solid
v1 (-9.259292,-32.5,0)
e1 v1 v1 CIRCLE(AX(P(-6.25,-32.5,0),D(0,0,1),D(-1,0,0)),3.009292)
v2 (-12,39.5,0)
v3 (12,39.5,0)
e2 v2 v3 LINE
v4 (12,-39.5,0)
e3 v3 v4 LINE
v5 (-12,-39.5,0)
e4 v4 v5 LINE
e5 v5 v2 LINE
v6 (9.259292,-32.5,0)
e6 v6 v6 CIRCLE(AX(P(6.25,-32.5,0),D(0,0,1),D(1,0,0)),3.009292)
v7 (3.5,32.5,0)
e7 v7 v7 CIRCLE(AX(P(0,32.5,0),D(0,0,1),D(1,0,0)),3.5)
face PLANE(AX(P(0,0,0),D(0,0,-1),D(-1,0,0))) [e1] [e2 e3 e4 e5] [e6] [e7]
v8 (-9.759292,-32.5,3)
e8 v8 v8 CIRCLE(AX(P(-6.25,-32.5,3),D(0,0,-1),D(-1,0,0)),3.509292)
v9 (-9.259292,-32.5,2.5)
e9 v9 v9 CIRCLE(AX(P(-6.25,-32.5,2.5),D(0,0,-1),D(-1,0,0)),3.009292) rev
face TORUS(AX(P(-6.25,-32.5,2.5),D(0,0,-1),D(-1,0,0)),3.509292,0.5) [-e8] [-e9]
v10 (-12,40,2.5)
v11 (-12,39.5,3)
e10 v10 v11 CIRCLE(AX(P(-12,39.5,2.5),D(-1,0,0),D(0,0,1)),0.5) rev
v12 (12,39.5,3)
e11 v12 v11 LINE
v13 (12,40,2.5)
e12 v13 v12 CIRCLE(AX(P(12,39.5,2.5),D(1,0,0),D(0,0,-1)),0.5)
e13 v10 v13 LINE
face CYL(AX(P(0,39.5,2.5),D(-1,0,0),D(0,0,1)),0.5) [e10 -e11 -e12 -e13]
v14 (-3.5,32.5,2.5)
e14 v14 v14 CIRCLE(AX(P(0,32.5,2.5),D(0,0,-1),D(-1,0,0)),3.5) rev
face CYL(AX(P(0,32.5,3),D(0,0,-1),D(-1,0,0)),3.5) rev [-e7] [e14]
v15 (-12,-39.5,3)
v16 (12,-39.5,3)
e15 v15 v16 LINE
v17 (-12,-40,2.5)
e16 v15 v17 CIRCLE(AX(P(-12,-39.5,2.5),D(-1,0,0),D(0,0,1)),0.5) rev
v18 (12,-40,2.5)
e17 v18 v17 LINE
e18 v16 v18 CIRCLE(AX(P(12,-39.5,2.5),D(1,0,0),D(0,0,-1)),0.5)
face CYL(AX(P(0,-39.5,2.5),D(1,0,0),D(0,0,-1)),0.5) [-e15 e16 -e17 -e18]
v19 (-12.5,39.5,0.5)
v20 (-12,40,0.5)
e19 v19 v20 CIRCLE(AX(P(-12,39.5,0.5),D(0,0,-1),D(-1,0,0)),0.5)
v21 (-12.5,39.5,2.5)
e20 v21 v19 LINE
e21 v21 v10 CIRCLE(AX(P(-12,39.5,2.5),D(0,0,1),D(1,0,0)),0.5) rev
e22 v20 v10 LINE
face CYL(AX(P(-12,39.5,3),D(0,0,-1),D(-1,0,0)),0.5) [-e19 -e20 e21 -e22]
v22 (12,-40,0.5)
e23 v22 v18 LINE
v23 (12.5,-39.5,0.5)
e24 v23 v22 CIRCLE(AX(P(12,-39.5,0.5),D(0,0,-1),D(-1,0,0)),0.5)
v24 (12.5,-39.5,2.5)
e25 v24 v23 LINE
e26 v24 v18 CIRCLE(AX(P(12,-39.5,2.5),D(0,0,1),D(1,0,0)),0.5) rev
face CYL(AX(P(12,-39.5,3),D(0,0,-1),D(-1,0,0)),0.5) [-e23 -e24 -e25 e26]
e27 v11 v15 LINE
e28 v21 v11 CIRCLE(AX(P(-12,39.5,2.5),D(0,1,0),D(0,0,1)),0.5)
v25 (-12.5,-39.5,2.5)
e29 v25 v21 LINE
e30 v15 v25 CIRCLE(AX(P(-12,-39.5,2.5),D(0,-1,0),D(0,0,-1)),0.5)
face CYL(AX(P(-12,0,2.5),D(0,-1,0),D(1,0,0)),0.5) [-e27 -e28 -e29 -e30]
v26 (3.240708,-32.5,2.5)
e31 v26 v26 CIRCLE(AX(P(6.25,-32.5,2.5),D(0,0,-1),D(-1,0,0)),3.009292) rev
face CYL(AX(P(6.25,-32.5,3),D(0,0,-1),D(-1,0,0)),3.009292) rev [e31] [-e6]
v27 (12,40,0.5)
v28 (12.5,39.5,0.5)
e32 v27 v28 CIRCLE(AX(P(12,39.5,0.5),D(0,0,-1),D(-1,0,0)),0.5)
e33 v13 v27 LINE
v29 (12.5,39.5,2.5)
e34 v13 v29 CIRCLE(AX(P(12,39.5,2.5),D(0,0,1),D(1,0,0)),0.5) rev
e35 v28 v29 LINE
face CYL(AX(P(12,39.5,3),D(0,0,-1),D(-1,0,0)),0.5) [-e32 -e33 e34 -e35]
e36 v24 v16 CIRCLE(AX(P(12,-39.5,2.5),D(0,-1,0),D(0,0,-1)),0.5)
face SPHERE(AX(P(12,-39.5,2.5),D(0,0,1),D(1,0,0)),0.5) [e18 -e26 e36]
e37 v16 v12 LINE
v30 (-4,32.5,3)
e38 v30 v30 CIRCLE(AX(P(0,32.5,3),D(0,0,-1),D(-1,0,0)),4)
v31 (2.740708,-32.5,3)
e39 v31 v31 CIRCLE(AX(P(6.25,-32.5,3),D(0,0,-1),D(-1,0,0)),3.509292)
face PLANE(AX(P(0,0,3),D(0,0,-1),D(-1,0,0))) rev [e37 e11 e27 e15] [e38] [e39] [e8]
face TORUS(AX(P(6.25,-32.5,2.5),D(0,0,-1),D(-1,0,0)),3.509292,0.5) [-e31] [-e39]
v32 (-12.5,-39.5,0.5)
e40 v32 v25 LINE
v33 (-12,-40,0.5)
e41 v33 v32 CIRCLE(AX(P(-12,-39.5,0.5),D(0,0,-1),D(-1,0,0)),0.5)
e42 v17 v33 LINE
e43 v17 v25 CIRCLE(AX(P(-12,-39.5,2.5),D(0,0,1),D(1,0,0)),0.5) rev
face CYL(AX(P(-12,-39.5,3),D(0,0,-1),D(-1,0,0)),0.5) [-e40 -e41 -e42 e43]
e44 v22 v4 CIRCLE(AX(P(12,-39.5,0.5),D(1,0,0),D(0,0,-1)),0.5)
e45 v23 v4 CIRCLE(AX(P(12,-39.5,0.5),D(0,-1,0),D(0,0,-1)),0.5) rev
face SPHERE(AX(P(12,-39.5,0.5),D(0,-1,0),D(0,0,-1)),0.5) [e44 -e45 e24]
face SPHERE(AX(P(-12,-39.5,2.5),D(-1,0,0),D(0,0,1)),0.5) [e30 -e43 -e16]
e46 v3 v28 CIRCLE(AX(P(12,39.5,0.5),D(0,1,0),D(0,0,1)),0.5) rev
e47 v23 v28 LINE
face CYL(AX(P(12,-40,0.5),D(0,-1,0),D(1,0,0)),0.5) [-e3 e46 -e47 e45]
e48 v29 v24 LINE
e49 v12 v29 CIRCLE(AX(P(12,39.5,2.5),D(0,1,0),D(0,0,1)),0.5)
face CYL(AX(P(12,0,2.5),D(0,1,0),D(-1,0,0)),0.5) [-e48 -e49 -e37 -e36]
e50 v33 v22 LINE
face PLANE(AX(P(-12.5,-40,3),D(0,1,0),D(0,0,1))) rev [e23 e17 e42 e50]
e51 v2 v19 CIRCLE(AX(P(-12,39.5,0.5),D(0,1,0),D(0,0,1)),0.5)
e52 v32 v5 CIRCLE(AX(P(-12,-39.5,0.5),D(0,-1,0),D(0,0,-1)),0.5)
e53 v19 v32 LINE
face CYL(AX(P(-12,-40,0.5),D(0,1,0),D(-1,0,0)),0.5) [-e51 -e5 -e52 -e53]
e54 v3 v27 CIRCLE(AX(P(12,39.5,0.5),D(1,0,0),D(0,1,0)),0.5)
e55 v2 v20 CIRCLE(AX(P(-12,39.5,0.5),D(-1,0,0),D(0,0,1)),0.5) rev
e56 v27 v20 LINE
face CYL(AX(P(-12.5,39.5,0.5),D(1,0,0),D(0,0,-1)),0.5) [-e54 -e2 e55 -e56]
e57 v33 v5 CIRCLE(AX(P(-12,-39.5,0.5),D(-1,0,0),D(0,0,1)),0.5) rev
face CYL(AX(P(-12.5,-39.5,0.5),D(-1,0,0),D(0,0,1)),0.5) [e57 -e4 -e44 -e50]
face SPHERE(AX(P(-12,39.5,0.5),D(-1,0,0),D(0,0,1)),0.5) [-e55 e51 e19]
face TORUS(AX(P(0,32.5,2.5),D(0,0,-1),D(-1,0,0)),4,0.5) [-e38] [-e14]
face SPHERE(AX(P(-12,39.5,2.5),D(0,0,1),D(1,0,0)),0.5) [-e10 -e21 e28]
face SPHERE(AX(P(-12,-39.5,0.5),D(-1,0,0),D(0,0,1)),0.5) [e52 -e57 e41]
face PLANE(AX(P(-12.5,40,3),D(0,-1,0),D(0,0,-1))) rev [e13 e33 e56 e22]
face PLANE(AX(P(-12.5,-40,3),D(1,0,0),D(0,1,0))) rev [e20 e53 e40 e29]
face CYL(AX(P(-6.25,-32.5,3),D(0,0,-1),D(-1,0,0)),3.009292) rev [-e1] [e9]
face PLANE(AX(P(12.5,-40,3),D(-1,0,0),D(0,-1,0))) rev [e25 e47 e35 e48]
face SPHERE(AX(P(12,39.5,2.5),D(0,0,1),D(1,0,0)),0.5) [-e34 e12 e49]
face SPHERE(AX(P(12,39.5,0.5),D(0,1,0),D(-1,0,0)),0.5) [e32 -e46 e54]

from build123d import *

# Parameters (mm, degrees)
CROQUIS1_W              = 25
CROQUIS1_H              = 80
CROQUIS1_R              = 3.5
CROQUIS1_R_2            = 3.009292022
SALIENTE_EXTRUIR1_DEPTH = 3
REDONDEO1_R             = 0.5


with BuildPart() as part:
    # Croquis1 → Saliente-Extruir1 (new body)
    with BuildSketch(Plane.XY):
        Rectangle(CROQUIS1_W, CROQUIS1_H)
        with Locations((0, 32.5)):
            Circle(CROQUIS1_R, mode=Mode.SUBTRACT)
        with Locations((6.25, -32.5)):
            Circle(CROQUIS1_R_2, mode=Mode.SUBTRACT)
        with Locations(Location((-6.25, -32.5, 0), (0, 0, 180))):
            Circle(CROQUIS1_R_2, mode=Mode.SUBTRACT)
    extrude(amount=SALIENTE_EXTRUIR1_DEPTH)

    # Redondeo1
    redondeo1_edges = [part.edges().sort_by_distance(p)[0] for p in [
        (-3.5, 32.5, 3),
        (-12.5, 0, 3),
        (3.240707978, -32.5, 3),
        (0, -40, 3),
        (-3.240707978, -32.5, 3),
        (12.5, 0, 3),
        (0, -40, 0),
        (-12.5, 0, 0),
        (0, 40, 0),
        (12.5, 0, 0),
        (12.5, -40, 1.5),
        (-12.5, -40, 1.5),
        (-12.5, 40, 1.5),
        (12.5, 40, 1.5),
        (0, 40, 3),
    ]]
    fillet(redondeo1_edges, radius=REDONDEO1_R)


solid = part.part
